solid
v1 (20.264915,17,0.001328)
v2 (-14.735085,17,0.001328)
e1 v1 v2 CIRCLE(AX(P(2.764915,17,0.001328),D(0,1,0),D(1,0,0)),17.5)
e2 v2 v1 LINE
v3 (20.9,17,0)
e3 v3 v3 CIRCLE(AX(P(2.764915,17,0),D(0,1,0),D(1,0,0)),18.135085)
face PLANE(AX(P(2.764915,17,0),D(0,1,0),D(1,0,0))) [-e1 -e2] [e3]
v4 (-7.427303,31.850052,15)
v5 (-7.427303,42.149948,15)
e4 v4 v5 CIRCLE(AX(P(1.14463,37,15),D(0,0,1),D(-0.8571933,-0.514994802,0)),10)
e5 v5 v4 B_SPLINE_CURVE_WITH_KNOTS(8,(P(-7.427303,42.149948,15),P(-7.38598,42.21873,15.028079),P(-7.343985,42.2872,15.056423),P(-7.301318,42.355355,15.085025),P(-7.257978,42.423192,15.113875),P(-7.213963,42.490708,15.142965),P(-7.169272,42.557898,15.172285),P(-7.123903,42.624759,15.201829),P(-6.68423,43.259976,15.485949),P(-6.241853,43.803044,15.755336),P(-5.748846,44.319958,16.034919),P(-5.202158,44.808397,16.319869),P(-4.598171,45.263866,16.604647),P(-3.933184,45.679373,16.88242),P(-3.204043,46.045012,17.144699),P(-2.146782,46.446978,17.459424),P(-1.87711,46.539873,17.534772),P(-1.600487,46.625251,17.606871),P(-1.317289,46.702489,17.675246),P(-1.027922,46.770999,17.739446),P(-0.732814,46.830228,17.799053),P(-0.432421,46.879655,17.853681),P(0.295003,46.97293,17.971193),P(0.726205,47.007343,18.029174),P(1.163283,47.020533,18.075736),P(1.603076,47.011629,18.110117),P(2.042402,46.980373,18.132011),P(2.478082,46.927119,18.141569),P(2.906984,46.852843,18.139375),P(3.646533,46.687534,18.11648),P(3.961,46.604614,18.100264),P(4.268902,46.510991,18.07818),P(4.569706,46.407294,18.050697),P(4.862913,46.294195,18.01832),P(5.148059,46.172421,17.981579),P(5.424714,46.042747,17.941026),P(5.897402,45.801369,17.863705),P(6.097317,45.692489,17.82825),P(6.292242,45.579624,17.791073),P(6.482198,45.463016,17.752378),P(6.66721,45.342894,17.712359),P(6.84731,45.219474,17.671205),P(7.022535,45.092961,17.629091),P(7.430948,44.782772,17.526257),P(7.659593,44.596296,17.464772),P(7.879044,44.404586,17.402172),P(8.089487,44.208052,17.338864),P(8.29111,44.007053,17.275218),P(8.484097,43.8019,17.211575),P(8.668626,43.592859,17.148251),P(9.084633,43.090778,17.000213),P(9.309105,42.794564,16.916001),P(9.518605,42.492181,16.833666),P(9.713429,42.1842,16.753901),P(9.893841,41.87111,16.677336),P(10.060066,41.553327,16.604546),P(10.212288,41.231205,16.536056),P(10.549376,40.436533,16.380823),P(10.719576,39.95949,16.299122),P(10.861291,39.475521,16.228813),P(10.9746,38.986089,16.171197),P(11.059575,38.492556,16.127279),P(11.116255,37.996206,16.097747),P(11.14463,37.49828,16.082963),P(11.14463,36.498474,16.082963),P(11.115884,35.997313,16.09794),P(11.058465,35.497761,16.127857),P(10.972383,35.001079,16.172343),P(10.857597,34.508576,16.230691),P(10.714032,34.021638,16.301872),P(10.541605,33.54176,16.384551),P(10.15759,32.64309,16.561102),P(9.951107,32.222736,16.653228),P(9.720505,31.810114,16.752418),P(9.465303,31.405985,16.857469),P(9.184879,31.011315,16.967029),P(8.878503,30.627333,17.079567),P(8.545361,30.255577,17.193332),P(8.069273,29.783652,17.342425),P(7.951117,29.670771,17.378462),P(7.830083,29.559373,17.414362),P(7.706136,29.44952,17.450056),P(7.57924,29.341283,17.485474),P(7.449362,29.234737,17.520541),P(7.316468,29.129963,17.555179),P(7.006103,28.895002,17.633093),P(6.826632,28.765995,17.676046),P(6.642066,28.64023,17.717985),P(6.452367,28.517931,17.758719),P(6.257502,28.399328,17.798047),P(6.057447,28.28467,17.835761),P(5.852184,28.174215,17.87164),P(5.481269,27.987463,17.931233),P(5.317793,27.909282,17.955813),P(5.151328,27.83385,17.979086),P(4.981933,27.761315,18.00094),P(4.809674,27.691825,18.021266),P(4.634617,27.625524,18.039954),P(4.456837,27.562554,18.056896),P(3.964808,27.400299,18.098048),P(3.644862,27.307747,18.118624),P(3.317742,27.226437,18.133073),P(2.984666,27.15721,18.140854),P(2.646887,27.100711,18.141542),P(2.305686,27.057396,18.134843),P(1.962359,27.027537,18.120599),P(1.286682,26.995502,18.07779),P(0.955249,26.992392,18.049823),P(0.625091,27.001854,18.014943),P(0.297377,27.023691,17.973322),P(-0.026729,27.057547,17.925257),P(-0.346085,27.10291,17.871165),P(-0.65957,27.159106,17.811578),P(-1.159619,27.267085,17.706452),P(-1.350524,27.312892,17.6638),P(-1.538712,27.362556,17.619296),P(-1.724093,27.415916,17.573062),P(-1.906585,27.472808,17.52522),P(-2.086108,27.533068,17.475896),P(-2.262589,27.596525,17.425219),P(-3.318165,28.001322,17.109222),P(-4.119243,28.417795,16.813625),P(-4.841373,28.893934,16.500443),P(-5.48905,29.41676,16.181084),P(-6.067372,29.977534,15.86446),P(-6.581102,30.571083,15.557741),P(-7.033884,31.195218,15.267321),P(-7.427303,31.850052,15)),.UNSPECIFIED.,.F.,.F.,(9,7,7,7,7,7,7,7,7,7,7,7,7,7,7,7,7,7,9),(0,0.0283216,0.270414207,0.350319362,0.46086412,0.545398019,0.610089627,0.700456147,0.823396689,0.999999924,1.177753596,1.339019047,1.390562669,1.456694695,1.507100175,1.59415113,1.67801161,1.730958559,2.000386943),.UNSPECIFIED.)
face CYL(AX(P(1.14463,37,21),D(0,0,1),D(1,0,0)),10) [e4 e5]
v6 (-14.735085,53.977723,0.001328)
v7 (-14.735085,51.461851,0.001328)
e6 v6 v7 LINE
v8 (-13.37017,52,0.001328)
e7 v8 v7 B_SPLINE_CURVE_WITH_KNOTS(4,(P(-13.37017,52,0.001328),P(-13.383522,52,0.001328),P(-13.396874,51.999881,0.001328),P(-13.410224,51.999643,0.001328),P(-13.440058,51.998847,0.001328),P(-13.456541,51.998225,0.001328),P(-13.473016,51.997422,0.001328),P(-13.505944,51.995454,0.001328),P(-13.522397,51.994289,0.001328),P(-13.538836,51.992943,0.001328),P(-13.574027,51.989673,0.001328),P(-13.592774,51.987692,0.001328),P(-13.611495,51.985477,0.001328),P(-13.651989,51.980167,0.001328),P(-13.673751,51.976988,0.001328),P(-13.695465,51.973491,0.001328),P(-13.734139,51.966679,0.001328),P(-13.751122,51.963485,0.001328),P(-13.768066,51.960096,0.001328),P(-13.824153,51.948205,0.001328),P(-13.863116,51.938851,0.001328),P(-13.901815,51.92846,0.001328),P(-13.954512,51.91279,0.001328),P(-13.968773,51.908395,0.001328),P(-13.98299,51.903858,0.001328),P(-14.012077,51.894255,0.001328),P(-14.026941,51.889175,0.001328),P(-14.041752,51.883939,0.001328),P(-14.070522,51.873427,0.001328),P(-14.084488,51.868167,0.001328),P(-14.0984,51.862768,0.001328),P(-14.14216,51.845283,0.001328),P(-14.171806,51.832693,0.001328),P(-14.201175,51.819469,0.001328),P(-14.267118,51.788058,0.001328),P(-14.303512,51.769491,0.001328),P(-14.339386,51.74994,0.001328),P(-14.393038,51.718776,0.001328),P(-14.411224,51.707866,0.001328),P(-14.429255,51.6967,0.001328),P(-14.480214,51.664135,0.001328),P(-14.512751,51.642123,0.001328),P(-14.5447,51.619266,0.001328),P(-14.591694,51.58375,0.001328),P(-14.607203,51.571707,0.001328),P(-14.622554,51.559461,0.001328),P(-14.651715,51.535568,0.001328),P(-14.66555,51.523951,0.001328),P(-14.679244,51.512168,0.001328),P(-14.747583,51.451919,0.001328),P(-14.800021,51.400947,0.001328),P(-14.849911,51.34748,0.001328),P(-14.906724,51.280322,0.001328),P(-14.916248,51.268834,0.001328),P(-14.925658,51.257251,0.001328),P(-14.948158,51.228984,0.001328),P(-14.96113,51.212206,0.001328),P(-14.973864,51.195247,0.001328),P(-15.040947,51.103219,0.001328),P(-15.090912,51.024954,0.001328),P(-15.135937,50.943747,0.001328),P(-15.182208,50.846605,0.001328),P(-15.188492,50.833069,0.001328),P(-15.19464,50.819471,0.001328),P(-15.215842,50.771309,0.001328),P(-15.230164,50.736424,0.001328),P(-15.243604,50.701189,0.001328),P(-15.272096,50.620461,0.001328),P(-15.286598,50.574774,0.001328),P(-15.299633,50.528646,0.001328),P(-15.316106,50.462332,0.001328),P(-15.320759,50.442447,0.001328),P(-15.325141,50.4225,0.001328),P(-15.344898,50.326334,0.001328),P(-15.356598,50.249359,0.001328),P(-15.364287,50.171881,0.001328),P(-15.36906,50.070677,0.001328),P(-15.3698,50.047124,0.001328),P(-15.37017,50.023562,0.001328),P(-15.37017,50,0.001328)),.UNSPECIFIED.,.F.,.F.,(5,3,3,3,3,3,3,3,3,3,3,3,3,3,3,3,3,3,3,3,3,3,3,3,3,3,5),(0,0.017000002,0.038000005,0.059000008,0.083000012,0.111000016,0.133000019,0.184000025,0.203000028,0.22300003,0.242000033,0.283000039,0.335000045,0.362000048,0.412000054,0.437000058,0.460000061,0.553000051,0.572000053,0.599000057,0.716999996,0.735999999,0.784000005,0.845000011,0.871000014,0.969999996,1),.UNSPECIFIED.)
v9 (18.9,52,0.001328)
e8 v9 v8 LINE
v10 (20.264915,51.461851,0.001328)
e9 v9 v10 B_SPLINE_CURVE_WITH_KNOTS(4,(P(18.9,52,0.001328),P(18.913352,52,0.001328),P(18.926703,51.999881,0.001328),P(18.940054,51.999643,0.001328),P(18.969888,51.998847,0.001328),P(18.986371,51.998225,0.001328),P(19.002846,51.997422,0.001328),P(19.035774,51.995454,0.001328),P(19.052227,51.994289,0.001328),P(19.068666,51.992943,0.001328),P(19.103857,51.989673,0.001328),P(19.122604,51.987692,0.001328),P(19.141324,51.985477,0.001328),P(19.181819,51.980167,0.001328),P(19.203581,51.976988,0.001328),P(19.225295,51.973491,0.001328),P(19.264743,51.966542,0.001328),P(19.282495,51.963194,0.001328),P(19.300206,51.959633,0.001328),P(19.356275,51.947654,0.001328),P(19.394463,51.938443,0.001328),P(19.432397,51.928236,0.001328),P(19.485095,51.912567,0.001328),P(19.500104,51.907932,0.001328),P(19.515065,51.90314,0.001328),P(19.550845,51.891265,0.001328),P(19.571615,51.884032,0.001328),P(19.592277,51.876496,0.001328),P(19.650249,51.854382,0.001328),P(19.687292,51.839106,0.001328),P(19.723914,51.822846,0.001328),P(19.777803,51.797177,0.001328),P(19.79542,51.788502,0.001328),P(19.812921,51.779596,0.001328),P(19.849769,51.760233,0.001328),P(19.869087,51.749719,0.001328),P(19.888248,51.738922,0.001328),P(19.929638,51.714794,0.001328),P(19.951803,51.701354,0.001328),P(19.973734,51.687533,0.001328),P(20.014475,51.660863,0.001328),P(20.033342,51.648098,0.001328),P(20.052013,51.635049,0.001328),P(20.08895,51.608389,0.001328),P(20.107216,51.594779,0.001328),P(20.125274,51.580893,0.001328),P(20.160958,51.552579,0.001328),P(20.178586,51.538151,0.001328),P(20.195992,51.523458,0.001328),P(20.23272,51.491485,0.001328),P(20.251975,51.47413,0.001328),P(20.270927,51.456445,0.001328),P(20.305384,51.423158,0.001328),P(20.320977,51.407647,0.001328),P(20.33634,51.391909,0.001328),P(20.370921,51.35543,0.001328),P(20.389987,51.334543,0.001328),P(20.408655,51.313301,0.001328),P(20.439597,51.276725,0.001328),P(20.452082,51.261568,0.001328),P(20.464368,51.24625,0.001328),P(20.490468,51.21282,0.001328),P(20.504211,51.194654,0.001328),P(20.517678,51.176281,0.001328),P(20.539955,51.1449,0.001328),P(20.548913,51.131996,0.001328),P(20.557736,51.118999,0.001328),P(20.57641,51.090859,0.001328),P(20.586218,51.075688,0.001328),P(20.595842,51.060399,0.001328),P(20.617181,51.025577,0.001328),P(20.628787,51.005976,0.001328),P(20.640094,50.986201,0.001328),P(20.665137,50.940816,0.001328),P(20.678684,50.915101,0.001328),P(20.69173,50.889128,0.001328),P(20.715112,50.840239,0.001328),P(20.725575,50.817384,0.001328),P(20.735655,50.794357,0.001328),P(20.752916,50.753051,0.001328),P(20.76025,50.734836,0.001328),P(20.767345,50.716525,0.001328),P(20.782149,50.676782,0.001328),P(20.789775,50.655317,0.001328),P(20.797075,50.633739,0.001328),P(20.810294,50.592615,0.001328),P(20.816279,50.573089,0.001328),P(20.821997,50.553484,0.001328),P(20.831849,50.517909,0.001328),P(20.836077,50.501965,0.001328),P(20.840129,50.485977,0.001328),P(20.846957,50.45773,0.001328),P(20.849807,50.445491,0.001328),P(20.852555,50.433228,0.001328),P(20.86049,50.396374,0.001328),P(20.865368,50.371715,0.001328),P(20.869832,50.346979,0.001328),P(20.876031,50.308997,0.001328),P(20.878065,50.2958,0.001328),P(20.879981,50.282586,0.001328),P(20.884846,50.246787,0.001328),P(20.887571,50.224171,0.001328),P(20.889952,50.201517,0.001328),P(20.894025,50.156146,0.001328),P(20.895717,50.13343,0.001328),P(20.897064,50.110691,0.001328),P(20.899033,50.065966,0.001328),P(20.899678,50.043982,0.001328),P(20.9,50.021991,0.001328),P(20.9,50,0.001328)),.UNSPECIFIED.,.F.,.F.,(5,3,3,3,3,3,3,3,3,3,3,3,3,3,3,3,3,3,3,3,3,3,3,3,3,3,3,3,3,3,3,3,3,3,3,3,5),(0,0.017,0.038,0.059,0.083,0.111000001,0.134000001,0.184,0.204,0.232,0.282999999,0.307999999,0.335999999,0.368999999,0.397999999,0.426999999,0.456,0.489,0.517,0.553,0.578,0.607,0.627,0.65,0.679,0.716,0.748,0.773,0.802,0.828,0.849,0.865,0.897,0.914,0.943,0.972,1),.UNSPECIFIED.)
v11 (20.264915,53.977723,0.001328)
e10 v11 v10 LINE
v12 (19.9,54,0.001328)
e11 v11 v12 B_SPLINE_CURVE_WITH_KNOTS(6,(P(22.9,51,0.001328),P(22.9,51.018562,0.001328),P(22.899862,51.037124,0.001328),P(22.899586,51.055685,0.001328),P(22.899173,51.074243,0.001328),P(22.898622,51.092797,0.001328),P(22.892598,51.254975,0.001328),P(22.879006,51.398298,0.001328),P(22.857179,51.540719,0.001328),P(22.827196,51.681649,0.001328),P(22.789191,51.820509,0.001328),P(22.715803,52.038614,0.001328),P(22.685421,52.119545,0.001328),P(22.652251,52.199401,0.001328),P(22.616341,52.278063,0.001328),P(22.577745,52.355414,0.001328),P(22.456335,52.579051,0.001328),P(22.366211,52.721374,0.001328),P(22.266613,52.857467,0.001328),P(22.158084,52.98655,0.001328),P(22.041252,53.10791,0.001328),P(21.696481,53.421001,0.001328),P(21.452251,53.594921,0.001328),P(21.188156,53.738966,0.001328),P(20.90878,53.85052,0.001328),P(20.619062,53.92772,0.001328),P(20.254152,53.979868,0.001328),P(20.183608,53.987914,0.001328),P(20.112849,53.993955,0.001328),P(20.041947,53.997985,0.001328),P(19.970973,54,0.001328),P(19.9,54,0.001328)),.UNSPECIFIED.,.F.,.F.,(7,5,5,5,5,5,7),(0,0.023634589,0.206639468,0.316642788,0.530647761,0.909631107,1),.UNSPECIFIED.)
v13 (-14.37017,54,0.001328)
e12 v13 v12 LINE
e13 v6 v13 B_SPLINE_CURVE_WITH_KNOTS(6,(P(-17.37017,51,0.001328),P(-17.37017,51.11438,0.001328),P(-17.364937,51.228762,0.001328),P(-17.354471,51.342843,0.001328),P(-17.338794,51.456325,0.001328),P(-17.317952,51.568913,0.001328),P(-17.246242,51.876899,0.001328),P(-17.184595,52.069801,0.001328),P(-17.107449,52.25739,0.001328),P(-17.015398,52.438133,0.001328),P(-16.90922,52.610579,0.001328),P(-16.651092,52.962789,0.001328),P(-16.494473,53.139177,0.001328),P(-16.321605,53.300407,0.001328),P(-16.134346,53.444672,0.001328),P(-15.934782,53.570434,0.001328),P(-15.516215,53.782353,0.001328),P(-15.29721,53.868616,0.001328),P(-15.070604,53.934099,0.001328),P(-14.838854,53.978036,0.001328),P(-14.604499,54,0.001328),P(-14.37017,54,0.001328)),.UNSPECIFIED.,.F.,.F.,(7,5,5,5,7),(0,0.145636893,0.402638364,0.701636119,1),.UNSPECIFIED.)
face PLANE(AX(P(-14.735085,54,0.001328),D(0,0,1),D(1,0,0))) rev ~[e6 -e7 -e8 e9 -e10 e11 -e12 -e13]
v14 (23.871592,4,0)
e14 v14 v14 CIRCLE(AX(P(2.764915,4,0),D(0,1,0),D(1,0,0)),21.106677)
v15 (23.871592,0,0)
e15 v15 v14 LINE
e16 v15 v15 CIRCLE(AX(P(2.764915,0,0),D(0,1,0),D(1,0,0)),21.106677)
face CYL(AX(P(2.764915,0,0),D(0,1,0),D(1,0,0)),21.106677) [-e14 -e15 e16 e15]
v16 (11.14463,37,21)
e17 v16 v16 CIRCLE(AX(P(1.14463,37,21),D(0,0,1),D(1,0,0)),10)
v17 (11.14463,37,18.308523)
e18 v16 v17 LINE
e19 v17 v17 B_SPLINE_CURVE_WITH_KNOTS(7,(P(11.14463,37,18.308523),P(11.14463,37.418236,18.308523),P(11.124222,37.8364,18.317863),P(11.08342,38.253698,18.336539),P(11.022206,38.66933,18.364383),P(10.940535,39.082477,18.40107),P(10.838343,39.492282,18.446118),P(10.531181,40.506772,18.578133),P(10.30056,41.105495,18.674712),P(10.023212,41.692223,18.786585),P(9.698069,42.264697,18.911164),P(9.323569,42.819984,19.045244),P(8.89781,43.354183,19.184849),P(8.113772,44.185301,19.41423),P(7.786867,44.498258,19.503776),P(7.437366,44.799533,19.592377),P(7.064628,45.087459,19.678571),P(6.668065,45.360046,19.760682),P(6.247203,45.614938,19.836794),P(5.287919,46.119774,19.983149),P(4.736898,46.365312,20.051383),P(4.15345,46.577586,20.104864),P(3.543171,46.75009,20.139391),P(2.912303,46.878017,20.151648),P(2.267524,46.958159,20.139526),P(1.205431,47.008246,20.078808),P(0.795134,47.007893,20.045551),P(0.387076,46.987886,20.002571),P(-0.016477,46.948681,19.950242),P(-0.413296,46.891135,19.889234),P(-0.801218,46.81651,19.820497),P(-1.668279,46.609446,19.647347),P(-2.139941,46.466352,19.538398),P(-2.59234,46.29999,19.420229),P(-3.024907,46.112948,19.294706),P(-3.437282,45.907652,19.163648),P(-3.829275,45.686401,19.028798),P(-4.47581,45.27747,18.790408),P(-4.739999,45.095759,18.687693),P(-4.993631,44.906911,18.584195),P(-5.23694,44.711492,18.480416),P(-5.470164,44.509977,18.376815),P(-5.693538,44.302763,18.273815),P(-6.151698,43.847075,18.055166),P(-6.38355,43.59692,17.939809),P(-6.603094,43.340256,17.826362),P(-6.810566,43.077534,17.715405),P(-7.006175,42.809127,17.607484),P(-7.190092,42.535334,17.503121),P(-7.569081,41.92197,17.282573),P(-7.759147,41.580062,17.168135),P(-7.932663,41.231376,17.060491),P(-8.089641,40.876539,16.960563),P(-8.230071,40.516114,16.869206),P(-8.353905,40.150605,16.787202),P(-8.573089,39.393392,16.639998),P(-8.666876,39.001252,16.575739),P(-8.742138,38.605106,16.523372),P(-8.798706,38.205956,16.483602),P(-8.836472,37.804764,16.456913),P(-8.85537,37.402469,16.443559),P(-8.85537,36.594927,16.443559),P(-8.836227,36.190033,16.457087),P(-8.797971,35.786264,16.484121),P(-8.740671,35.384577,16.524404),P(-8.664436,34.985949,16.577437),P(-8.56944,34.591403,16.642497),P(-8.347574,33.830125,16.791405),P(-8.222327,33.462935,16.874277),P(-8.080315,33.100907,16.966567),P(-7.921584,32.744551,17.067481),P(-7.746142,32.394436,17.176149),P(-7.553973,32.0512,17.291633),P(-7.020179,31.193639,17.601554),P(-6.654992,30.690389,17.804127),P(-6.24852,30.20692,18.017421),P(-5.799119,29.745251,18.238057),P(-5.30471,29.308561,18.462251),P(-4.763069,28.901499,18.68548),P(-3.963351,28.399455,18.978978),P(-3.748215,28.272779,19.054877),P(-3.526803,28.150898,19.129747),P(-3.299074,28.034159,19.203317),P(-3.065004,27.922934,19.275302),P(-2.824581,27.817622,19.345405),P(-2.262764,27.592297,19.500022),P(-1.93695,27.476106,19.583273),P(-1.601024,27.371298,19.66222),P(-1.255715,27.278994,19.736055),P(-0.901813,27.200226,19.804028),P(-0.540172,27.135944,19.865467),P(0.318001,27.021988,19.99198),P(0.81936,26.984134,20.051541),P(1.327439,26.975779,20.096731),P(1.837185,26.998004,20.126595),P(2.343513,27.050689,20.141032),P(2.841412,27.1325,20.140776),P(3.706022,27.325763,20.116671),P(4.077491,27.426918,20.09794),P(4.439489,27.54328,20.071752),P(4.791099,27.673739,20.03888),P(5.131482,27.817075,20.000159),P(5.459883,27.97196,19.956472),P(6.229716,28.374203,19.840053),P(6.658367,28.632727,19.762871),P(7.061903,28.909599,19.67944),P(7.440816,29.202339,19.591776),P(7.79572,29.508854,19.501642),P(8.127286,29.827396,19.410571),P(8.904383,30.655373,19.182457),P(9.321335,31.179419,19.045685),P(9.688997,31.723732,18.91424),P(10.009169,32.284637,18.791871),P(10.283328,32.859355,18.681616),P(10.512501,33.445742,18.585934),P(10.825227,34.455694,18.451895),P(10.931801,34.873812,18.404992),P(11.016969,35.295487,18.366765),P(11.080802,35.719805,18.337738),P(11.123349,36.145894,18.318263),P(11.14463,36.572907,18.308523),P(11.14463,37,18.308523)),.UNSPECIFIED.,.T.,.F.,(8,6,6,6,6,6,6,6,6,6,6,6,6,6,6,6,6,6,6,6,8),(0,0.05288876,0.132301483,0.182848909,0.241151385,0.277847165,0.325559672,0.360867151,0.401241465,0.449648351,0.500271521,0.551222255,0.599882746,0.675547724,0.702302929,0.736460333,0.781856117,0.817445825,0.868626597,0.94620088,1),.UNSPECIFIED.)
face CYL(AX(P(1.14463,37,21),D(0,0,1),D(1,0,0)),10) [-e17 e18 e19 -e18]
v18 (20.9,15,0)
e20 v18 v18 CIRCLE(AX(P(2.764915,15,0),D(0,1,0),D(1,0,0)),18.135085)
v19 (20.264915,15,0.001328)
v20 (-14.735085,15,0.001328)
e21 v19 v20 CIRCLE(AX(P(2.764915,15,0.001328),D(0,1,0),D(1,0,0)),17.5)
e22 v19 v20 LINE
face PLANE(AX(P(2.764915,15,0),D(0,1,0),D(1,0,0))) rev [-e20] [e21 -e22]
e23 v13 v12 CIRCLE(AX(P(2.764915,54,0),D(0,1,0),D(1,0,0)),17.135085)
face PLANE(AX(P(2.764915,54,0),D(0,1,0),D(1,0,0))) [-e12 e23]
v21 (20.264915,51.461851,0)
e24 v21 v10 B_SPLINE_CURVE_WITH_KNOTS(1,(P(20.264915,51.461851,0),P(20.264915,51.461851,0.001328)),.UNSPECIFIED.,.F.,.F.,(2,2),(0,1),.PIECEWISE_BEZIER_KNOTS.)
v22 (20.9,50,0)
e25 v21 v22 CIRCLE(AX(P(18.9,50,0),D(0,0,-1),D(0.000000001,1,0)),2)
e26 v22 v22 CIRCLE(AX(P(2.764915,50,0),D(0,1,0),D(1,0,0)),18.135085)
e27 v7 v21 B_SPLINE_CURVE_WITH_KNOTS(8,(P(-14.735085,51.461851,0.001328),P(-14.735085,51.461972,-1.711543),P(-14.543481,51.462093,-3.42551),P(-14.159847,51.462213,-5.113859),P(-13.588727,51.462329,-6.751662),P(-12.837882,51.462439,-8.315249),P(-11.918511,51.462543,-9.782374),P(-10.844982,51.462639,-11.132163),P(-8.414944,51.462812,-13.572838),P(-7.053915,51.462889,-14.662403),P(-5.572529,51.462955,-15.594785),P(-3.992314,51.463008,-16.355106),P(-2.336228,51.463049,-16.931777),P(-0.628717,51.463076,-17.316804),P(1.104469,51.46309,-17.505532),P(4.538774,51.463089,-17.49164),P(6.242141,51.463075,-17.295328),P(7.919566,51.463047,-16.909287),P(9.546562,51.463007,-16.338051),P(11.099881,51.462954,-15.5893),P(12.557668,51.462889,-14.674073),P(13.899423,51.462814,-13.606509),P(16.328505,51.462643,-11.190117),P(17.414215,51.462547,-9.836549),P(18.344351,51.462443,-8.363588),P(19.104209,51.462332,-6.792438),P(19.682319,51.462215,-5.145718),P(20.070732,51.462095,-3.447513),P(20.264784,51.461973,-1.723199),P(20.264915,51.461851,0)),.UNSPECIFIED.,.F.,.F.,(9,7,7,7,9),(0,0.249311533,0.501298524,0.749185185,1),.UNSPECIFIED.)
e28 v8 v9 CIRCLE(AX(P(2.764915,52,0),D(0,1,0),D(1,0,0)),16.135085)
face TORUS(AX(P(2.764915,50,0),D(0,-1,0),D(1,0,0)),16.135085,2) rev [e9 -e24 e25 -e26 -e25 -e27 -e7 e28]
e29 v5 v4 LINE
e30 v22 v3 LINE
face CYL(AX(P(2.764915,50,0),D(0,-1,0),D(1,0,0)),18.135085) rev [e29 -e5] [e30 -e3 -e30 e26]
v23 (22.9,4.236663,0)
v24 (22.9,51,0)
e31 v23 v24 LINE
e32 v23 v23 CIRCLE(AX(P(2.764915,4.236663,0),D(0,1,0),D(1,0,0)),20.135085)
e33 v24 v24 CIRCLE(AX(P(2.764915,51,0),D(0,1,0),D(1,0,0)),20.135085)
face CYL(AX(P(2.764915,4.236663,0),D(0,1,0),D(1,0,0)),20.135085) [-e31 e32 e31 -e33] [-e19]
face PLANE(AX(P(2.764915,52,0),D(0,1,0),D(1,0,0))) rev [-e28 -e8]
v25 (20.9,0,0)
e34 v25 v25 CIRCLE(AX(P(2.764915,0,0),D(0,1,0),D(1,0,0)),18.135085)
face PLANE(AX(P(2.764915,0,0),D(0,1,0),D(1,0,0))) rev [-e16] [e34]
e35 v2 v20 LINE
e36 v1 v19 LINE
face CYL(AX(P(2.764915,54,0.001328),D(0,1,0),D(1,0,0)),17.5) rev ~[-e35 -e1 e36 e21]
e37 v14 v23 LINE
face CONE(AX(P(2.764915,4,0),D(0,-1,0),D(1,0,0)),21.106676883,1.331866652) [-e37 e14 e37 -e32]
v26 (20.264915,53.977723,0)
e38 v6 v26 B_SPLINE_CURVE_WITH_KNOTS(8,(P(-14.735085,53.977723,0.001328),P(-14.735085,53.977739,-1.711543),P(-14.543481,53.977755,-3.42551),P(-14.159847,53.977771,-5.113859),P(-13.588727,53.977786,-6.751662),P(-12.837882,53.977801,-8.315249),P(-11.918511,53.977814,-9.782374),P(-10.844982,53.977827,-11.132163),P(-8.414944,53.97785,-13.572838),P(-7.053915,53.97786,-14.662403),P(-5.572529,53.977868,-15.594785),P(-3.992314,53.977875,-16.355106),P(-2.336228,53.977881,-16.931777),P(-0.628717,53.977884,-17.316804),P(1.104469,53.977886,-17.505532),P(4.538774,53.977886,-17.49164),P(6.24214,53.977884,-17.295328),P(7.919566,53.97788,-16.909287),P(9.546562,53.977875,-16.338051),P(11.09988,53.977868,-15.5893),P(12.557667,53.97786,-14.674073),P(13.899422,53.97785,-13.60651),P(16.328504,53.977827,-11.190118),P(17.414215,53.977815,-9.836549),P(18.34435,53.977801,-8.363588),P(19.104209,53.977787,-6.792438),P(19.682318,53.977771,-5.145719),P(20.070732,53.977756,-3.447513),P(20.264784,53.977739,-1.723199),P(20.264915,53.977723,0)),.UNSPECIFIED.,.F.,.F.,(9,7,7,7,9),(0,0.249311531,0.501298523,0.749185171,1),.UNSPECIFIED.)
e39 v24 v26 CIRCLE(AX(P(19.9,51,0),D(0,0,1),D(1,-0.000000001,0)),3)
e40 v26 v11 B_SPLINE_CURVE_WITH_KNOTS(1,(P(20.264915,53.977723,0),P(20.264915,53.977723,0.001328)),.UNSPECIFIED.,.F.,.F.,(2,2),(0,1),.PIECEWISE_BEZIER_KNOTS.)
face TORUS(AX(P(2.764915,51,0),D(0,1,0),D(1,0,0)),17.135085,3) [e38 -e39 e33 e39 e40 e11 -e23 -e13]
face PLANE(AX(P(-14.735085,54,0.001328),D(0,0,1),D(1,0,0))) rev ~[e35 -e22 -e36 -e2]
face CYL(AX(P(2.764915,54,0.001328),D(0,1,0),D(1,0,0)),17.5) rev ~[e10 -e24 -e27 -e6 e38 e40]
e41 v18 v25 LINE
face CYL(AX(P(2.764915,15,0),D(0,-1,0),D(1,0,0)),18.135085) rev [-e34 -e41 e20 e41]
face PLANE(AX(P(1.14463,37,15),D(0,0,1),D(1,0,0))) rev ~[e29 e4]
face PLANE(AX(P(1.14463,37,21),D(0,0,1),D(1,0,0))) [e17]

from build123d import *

# Parameters (mm, degrees)
SKETCH4_R           = 10
BOSS_EXTRUDE2_DEPTH = 6
CUT_EXTRUDE2_DEPTH  = 40


with BuildPart() as part:
    # Sketch1 → Revolve1 (revolve)
    with BuildSketch(Plane.XY):
        with BuildLine():
            Line((20.9, 0), (23.871591838, 0))
            Line((23.871591838, 0), (23.871591838, 4))
            Line((23.871591838, 4), (22.9, 4.236662843))
            Line((22.9, 4.236662843), (22.9, 51))
            ThreePointArc((22.9, 51), (22.021320344, 53.121320344), (19.9, 54))
            Line((19.9, 54), (2.764914955, 54))
            Line((2.764914955, 54), (2.764914955, 52))
            Line((2.764914955, 52), (18.9, 52))
            ThreePointArc((18.9, 52), (20.314213562, 51.414213562), (20.9, 50))
            Line((20.9, 50), (20.9, 17))
            Line((20.9, 17), (2.764914955, 17))
            Line((2.764914955, 17), (2.764914955, 15))
            Line((2.764914955, 15), (20.9, 15))
            Line((20.9, 15), (20.9, 0))
        make_face()
    revolve(axis=Axis((2.764914955, 7.821821657, 0), (0, 1, 0)))

    # Sketch4 → Boss-Extrude2 (add)
    with BuildSketch(Plane.XY.offset(21)):
        with Locations((1.144629865, 37)):
            Circle(SKETCH4_R)
    extrude(amount=-BOSS_EXTRUDE2_DEPTH)

    # Sketch9 → Cut-Extrude2 (cut)
    with BuildSketch(Plane(origin=(0, 54, 0), x_dir=(1, 0, 0), z_dir=(0, 1, 0))):
        with BuildLine():
            Line((-14.735084994, -0.001327718), (20.264915006, -0.001327718))
            ThreePointArc((20.264915006, -0.001327718), (2.764915006, 17.498672282), (-14.735084994, -0.001327718))
        make_face()
    extrude(amount=-CUT_EXTRUDE2_DEPTH, mode=Mode.SUBTRACT)


solid = part.part
